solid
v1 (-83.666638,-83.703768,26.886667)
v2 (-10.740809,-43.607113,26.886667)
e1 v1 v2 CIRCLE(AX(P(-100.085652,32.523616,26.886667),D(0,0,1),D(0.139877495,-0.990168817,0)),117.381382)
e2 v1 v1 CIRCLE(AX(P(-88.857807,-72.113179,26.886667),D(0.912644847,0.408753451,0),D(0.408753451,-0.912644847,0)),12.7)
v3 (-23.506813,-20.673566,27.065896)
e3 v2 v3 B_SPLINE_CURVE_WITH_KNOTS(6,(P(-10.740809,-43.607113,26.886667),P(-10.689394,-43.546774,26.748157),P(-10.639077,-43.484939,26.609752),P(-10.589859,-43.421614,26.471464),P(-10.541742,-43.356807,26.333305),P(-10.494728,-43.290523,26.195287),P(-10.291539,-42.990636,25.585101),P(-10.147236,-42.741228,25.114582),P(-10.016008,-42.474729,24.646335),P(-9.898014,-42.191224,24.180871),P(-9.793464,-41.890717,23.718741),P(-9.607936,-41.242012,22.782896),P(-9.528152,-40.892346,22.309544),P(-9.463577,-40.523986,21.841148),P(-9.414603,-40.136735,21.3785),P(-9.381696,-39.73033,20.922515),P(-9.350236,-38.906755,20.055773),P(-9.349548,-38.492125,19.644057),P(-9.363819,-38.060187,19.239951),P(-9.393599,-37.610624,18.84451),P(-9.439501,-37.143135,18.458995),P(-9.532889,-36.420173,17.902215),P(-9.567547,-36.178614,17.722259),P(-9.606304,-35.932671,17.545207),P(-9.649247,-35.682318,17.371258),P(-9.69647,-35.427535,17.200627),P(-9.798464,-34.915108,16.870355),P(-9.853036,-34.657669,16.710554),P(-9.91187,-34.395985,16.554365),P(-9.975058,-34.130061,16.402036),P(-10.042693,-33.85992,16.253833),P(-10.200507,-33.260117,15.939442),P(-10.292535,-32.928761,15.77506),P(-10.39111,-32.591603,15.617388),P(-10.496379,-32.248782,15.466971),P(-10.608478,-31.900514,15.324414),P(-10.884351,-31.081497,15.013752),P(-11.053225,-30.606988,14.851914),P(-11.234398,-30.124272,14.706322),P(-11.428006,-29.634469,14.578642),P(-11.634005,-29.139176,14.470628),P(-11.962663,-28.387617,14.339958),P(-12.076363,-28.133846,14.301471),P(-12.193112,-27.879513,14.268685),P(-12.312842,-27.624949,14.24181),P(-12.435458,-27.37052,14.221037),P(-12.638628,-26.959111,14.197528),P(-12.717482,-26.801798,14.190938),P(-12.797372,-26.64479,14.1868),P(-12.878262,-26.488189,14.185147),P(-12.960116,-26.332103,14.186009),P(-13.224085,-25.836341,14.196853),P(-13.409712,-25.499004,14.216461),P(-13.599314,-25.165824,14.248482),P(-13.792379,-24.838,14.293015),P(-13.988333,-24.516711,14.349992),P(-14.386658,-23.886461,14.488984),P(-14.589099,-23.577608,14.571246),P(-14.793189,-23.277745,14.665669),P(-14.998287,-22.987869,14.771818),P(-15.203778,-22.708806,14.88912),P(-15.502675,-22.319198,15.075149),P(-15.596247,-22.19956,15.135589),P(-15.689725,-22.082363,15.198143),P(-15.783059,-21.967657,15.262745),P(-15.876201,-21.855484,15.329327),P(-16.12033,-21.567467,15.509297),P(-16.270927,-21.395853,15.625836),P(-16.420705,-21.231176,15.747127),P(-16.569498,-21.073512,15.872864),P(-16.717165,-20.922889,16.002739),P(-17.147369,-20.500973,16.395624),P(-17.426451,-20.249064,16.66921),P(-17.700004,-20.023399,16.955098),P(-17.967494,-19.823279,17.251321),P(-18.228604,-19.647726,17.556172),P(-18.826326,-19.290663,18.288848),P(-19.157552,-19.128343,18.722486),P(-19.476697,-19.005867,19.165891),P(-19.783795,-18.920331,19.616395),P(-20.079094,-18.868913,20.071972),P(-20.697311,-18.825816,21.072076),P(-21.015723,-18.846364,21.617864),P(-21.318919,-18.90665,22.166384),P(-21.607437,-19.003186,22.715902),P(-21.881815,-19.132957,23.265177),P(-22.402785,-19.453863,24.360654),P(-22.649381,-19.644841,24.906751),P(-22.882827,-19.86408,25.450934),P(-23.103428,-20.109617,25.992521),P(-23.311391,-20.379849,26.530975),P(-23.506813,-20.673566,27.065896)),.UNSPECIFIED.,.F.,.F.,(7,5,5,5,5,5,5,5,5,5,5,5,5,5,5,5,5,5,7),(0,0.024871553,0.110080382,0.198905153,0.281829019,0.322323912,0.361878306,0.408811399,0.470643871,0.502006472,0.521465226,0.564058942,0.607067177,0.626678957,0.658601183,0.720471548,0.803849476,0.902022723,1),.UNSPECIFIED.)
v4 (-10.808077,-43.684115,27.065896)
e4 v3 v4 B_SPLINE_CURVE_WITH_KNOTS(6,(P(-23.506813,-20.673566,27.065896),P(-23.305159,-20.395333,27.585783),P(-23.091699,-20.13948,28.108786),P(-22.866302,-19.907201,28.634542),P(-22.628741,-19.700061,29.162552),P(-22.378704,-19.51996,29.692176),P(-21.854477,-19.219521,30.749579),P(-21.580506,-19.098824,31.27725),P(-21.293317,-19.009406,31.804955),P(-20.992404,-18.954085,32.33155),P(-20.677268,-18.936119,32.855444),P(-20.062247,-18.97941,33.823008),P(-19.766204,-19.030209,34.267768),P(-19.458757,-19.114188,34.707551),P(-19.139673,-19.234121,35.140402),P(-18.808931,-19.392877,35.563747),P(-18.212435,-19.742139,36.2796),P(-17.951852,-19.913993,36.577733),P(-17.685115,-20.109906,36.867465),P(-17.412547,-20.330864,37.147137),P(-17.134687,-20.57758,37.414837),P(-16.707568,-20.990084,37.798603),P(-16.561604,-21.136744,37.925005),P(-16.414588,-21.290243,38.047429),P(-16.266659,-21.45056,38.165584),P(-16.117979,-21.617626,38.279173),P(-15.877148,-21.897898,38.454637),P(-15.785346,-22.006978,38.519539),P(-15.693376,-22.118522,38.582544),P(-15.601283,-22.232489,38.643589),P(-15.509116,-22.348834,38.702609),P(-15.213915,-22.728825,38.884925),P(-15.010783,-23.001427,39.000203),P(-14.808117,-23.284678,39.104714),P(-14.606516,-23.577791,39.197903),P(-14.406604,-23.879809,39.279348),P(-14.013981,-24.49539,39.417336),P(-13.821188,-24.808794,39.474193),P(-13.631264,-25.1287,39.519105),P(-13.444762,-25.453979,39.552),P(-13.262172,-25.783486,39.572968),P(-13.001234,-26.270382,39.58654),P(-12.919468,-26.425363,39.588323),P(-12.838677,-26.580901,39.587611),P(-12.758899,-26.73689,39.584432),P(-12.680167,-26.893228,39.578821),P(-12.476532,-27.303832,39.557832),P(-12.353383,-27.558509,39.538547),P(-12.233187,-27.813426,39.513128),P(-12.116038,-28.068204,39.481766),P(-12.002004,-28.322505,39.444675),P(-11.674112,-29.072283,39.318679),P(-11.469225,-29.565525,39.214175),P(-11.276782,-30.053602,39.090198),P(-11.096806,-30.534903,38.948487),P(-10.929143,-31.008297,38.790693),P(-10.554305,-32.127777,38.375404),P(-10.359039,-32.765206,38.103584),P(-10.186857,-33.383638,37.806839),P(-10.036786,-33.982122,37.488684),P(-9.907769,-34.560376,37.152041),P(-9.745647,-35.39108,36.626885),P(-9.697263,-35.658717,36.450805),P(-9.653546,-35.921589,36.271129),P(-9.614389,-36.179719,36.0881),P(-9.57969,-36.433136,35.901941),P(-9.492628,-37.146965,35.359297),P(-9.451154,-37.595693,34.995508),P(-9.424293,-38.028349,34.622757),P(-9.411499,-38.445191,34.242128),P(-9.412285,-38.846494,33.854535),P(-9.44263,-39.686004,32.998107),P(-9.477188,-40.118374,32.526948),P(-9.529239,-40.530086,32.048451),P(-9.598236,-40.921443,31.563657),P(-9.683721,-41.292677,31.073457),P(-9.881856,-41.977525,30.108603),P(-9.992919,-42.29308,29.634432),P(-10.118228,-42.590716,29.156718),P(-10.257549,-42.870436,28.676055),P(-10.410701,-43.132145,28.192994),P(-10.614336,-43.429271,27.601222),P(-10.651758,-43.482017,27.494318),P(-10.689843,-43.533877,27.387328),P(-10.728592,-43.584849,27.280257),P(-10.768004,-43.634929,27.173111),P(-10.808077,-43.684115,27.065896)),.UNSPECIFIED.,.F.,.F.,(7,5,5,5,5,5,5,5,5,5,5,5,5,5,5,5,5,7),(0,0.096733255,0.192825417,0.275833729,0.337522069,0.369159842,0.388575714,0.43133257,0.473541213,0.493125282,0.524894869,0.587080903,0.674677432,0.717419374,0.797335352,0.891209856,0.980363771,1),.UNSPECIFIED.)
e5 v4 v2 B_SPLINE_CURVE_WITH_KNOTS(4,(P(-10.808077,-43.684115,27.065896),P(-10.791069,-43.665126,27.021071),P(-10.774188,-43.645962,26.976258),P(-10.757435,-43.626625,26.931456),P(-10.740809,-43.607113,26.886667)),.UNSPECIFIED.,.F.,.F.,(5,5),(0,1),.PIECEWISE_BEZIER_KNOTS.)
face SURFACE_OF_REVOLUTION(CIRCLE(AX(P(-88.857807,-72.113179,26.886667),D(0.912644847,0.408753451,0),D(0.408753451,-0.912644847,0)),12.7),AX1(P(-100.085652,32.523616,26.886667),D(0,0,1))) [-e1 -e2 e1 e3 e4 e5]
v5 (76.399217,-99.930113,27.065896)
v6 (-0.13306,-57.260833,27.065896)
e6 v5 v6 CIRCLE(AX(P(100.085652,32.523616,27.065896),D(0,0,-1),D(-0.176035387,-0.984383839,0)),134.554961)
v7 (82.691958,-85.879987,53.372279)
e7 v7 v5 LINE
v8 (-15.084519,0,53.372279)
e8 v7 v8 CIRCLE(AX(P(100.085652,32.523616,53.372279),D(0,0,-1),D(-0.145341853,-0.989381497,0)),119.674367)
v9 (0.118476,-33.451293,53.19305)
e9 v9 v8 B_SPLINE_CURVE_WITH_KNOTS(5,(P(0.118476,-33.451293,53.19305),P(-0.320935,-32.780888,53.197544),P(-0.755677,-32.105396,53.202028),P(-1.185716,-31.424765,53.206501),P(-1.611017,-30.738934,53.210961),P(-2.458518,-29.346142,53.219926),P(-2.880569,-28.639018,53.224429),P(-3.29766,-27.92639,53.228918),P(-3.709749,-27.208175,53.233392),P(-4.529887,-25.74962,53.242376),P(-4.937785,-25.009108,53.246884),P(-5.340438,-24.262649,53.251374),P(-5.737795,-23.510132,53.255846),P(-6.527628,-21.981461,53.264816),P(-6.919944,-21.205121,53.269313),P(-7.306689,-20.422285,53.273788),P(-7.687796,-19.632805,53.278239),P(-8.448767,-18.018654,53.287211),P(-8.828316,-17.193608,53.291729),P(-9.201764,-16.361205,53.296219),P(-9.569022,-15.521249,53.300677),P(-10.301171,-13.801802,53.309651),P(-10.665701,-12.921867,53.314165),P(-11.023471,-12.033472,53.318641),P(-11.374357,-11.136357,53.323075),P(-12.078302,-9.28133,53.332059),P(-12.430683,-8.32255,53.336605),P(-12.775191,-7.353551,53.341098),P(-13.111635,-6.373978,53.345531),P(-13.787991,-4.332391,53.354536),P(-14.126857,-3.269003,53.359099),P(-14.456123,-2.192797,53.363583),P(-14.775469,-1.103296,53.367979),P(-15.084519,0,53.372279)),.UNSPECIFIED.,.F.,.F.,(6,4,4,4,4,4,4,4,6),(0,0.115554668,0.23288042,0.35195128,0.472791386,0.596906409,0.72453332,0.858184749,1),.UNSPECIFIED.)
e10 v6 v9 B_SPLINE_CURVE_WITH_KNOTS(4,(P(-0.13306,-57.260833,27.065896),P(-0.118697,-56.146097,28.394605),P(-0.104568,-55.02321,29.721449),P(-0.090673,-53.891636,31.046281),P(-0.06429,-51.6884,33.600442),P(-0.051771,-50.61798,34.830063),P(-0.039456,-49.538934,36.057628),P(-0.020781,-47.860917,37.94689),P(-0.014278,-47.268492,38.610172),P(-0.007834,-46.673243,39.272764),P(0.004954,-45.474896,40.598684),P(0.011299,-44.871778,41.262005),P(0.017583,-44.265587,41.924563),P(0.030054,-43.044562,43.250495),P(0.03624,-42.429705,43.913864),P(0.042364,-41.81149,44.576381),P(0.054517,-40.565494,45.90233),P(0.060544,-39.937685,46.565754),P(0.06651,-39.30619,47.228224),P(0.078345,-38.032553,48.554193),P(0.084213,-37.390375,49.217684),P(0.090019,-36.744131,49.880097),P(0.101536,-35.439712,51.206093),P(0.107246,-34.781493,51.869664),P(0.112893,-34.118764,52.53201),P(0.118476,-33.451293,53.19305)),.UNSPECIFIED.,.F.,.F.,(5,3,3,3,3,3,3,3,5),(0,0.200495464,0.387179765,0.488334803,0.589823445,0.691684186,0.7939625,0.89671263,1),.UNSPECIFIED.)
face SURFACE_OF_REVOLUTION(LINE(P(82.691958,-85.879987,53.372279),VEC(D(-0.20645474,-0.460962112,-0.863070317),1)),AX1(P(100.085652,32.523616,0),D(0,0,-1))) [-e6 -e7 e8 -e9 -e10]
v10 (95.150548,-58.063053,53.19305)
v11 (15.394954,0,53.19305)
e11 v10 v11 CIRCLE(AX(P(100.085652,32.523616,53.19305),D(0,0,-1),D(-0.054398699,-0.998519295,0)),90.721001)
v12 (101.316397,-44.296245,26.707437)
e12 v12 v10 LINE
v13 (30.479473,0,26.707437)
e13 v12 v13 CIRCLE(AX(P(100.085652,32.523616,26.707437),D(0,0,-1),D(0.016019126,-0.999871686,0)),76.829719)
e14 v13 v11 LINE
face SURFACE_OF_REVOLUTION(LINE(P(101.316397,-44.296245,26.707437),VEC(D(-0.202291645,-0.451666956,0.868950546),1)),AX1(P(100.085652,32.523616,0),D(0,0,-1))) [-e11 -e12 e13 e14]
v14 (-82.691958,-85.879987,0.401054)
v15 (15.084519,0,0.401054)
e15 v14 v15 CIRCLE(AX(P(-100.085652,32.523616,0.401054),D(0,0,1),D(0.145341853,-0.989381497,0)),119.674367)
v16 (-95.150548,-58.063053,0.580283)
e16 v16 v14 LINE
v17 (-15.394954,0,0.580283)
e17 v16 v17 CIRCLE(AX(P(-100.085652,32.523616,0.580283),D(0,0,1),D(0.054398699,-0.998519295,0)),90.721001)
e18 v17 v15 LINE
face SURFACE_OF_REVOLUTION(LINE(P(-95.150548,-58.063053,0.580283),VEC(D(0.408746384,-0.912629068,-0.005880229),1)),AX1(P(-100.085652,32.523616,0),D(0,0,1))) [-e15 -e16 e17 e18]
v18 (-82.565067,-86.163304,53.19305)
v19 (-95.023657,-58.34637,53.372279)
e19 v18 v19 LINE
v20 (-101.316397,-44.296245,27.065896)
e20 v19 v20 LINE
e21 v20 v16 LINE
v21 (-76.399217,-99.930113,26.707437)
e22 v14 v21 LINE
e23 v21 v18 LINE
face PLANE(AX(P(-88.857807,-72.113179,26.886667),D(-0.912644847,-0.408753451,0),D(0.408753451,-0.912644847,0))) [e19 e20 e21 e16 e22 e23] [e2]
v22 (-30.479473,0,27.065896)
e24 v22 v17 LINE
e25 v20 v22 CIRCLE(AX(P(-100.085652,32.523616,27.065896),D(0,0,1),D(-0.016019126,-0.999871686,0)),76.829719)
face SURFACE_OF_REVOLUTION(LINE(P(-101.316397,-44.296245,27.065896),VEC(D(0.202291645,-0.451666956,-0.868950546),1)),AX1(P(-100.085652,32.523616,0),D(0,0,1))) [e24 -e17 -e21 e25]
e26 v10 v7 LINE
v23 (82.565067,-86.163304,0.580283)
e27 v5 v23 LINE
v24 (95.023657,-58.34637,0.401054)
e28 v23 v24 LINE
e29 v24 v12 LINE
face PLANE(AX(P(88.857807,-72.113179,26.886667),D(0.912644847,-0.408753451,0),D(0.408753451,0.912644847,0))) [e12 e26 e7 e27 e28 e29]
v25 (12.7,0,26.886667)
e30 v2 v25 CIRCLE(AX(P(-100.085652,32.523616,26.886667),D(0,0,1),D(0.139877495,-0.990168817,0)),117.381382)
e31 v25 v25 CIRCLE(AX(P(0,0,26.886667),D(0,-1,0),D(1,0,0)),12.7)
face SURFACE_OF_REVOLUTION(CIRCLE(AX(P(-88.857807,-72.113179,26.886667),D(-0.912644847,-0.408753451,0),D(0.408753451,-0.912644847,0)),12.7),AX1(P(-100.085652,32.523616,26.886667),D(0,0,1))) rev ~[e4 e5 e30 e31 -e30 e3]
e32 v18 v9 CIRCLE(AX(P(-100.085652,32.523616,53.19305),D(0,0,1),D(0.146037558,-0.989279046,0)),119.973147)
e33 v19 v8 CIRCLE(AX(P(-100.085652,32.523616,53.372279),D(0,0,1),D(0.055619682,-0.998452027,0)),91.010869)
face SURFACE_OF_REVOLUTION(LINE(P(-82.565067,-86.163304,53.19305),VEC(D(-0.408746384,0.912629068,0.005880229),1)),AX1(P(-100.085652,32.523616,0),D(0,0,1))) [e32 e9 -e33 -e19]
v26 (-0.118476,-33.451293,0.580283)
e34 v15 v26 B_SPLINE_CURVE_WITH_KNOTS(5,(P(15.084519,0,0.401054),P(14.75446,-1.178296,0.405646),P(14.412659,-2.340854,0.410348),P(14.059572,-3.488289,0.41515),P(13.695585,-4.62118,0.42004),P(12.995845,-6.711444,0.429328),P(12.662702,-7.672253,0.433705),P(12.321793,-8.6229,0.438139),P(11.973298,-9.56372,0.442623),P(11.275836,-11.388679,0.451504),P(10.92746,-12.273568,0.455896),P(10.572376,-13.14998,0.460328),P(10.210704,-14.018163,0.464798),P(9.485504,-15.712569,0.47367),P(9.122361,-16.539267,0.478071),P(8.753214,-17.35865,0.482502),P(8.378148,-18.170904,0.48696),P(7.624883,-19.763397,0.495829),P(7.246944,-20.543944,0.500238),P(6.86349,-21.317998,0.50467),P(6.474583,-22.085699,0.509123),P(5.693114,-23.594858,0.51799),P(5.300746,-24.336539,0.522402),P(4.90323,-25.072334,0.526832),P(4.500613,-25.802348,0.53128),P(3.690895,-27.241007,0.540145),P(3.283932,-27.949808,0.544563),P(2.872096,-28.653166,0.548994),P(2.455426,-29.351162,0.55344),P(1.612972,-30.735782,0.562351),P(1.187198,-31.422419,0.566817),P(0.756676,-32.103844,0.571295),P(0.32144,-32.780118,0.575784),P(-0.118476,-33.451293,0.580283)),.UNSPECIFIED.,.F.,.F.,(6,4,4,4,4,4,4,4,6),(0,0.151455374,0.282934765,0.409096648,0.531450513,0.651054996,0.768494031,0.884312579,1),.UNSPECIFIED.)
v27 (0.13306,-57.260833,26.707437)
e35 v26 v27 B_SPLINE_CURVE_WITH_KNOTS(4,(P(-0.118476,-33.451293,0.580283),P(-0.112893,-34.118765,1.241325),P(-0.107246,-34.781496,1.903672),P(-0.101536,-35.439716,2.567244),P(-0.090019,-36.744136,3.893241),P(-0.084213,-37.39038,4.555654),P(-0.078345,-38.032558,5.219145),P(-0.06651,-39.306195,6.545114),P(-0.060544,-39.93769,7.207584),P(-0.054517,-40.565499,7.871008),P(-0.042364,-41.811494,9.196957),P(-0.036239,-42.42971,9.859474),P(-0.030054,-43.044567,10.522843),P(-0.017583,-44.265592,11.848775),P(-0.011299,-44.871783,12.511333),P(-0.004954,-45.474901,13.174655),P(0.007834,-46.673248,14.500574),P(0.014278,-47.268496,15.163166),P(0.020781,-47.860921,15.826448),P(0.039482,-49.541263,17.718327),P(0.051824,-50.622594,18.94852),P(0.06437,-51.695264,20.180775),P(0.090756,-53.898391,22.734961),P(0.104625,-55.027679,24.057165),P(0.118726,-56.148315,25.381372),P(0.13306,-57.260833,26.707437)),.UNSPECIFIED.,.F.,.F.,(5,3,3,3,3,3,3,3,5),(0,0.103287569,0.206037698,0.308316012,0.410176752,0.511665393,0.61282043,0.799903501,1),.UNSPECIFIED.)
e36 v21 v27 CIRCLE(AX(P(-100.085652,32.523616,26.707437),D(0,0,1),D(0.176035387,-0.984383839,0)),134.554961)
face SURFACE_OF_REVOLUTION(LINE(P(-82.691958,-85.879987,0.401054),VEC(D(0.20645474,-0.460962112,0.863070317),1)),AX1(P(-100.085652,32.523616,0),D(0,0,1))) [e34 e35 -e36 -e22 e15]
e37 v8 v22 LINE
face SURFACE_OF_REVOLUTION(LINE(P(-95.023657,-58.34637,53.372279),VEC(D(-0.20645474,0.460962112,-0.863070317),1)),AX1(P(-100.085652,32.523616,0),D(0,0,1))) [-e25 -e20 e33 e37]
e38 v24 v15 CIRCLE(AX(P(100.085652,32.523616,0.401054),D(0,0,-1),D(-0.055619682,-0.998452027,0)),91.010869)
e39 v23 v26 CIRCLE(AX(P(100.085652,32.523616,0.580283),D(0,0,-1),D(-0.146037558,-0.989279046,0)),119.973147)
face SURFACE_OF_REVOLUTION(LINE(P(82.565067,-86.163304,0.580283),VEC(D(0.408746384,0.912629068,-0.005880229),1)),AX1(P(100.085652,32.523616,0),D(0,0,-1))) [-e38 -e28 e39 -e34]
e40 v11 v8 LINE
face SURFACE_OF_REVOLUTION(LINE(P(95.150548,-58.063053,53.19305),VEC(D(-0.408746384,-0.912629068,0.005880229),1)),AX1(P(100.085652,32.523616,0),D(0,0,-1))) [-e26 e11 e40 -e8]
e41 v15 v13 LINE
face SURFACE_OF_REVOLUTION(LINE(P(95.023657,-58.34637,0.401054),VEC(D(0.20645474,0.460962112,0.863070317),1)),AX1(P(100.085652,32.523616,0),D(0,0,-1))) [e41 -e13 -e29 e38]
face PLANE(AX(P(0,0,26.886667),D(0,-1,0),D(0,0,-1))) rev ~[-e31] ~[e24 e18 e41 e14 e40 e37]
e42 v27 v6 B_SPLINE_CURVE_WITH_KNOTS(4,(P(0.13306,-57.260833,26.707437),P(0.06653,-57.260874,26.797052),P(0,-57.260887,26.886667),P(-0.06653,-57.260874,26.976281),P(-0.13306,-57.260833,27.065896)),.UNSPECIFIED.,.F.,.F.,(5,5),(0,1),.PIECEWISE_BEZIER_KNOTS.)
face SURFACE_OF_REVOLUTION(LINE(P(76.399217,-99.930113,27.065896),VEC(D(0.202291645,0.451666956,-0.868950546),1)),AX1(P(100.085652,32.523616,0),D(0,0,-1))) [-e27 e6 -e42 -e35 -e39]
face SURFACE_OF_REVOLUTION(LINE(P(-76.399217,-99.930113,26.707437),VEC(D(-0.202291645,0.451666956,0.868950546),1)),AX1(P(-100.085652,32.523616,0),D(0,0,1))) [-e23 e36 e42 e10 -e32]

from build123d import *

# Parameters (mm, degrees)
F0_R = 12.7


with BuildPart() as f2:
    # F2: sweep along a path in F1
    with BuildLine(Plane.XY) as f2_path:
        ThreePointArc((-88.857807219, -72.1131786704), (-33.770108767, -49.1903487224), (0, 0))
    # F0 (on Front) → F2 (sweep)
    with BuildSketch(Plane.XZ):
        Polygon((-30.4794730405, 27.0658959038), (-15.3949537232, 0.5802832628), (15.0845193173, 0.401053875), (30.4794730405, 26.7074371281), (15.3949537232, 53.193049769), (-15.0845193173, 53.3722791569), align=None)
        with Locations((0, 26.8866665159)):
            Circle(F0_R, mode=Mode.SUBTRACT)
    sweep(path=f2_path.line)

    # F3: sweep along a path in F1
    with BuildLine(Plane.XY) as f3_path:
        ThreePointArc((88.857807219, -72.1131786704), (33.770108767, -49.1903487224), (0, 0))
    # F0 (on Front) → F3 (sweep)
    with BuildSketch(Plane.XZ):
        Polygon((-30.4794730405, 27.0658959038), (-15.3949537232, 0.5802832628), (15.0845193173, 0.401053875), (30.4794730405, 26.7074371281), (15.3949537232, 53.193049769), (-15.0845193173, 53.3722791569), align=None)
        with Locations((0, 26.8866665159)):
            Circle(F0_R, mode=Mode.SUBTRACT)
        with Locations((0, 26.8866665159)):
            Circle(F0_R)
    sweep(path=f3_path.line)

    # F4: sweep along a path in F1
    with BuildLine(Plane.XY) as f4_path:
        ThreePointArc((-88.857807219, -72.1131786704), (-33.770108767, -49.1903487224), (0, 0))
    # F0 (on Front) → F4 (sweep, cut)
    with BuildSketch(Plane.XZ):
        with Locations((0, 26.8866665159)):
            Circle(F0_R)
    sweep(path=f4_path.line, mode=Mode.SUBTRACT)


solid = f2.part
